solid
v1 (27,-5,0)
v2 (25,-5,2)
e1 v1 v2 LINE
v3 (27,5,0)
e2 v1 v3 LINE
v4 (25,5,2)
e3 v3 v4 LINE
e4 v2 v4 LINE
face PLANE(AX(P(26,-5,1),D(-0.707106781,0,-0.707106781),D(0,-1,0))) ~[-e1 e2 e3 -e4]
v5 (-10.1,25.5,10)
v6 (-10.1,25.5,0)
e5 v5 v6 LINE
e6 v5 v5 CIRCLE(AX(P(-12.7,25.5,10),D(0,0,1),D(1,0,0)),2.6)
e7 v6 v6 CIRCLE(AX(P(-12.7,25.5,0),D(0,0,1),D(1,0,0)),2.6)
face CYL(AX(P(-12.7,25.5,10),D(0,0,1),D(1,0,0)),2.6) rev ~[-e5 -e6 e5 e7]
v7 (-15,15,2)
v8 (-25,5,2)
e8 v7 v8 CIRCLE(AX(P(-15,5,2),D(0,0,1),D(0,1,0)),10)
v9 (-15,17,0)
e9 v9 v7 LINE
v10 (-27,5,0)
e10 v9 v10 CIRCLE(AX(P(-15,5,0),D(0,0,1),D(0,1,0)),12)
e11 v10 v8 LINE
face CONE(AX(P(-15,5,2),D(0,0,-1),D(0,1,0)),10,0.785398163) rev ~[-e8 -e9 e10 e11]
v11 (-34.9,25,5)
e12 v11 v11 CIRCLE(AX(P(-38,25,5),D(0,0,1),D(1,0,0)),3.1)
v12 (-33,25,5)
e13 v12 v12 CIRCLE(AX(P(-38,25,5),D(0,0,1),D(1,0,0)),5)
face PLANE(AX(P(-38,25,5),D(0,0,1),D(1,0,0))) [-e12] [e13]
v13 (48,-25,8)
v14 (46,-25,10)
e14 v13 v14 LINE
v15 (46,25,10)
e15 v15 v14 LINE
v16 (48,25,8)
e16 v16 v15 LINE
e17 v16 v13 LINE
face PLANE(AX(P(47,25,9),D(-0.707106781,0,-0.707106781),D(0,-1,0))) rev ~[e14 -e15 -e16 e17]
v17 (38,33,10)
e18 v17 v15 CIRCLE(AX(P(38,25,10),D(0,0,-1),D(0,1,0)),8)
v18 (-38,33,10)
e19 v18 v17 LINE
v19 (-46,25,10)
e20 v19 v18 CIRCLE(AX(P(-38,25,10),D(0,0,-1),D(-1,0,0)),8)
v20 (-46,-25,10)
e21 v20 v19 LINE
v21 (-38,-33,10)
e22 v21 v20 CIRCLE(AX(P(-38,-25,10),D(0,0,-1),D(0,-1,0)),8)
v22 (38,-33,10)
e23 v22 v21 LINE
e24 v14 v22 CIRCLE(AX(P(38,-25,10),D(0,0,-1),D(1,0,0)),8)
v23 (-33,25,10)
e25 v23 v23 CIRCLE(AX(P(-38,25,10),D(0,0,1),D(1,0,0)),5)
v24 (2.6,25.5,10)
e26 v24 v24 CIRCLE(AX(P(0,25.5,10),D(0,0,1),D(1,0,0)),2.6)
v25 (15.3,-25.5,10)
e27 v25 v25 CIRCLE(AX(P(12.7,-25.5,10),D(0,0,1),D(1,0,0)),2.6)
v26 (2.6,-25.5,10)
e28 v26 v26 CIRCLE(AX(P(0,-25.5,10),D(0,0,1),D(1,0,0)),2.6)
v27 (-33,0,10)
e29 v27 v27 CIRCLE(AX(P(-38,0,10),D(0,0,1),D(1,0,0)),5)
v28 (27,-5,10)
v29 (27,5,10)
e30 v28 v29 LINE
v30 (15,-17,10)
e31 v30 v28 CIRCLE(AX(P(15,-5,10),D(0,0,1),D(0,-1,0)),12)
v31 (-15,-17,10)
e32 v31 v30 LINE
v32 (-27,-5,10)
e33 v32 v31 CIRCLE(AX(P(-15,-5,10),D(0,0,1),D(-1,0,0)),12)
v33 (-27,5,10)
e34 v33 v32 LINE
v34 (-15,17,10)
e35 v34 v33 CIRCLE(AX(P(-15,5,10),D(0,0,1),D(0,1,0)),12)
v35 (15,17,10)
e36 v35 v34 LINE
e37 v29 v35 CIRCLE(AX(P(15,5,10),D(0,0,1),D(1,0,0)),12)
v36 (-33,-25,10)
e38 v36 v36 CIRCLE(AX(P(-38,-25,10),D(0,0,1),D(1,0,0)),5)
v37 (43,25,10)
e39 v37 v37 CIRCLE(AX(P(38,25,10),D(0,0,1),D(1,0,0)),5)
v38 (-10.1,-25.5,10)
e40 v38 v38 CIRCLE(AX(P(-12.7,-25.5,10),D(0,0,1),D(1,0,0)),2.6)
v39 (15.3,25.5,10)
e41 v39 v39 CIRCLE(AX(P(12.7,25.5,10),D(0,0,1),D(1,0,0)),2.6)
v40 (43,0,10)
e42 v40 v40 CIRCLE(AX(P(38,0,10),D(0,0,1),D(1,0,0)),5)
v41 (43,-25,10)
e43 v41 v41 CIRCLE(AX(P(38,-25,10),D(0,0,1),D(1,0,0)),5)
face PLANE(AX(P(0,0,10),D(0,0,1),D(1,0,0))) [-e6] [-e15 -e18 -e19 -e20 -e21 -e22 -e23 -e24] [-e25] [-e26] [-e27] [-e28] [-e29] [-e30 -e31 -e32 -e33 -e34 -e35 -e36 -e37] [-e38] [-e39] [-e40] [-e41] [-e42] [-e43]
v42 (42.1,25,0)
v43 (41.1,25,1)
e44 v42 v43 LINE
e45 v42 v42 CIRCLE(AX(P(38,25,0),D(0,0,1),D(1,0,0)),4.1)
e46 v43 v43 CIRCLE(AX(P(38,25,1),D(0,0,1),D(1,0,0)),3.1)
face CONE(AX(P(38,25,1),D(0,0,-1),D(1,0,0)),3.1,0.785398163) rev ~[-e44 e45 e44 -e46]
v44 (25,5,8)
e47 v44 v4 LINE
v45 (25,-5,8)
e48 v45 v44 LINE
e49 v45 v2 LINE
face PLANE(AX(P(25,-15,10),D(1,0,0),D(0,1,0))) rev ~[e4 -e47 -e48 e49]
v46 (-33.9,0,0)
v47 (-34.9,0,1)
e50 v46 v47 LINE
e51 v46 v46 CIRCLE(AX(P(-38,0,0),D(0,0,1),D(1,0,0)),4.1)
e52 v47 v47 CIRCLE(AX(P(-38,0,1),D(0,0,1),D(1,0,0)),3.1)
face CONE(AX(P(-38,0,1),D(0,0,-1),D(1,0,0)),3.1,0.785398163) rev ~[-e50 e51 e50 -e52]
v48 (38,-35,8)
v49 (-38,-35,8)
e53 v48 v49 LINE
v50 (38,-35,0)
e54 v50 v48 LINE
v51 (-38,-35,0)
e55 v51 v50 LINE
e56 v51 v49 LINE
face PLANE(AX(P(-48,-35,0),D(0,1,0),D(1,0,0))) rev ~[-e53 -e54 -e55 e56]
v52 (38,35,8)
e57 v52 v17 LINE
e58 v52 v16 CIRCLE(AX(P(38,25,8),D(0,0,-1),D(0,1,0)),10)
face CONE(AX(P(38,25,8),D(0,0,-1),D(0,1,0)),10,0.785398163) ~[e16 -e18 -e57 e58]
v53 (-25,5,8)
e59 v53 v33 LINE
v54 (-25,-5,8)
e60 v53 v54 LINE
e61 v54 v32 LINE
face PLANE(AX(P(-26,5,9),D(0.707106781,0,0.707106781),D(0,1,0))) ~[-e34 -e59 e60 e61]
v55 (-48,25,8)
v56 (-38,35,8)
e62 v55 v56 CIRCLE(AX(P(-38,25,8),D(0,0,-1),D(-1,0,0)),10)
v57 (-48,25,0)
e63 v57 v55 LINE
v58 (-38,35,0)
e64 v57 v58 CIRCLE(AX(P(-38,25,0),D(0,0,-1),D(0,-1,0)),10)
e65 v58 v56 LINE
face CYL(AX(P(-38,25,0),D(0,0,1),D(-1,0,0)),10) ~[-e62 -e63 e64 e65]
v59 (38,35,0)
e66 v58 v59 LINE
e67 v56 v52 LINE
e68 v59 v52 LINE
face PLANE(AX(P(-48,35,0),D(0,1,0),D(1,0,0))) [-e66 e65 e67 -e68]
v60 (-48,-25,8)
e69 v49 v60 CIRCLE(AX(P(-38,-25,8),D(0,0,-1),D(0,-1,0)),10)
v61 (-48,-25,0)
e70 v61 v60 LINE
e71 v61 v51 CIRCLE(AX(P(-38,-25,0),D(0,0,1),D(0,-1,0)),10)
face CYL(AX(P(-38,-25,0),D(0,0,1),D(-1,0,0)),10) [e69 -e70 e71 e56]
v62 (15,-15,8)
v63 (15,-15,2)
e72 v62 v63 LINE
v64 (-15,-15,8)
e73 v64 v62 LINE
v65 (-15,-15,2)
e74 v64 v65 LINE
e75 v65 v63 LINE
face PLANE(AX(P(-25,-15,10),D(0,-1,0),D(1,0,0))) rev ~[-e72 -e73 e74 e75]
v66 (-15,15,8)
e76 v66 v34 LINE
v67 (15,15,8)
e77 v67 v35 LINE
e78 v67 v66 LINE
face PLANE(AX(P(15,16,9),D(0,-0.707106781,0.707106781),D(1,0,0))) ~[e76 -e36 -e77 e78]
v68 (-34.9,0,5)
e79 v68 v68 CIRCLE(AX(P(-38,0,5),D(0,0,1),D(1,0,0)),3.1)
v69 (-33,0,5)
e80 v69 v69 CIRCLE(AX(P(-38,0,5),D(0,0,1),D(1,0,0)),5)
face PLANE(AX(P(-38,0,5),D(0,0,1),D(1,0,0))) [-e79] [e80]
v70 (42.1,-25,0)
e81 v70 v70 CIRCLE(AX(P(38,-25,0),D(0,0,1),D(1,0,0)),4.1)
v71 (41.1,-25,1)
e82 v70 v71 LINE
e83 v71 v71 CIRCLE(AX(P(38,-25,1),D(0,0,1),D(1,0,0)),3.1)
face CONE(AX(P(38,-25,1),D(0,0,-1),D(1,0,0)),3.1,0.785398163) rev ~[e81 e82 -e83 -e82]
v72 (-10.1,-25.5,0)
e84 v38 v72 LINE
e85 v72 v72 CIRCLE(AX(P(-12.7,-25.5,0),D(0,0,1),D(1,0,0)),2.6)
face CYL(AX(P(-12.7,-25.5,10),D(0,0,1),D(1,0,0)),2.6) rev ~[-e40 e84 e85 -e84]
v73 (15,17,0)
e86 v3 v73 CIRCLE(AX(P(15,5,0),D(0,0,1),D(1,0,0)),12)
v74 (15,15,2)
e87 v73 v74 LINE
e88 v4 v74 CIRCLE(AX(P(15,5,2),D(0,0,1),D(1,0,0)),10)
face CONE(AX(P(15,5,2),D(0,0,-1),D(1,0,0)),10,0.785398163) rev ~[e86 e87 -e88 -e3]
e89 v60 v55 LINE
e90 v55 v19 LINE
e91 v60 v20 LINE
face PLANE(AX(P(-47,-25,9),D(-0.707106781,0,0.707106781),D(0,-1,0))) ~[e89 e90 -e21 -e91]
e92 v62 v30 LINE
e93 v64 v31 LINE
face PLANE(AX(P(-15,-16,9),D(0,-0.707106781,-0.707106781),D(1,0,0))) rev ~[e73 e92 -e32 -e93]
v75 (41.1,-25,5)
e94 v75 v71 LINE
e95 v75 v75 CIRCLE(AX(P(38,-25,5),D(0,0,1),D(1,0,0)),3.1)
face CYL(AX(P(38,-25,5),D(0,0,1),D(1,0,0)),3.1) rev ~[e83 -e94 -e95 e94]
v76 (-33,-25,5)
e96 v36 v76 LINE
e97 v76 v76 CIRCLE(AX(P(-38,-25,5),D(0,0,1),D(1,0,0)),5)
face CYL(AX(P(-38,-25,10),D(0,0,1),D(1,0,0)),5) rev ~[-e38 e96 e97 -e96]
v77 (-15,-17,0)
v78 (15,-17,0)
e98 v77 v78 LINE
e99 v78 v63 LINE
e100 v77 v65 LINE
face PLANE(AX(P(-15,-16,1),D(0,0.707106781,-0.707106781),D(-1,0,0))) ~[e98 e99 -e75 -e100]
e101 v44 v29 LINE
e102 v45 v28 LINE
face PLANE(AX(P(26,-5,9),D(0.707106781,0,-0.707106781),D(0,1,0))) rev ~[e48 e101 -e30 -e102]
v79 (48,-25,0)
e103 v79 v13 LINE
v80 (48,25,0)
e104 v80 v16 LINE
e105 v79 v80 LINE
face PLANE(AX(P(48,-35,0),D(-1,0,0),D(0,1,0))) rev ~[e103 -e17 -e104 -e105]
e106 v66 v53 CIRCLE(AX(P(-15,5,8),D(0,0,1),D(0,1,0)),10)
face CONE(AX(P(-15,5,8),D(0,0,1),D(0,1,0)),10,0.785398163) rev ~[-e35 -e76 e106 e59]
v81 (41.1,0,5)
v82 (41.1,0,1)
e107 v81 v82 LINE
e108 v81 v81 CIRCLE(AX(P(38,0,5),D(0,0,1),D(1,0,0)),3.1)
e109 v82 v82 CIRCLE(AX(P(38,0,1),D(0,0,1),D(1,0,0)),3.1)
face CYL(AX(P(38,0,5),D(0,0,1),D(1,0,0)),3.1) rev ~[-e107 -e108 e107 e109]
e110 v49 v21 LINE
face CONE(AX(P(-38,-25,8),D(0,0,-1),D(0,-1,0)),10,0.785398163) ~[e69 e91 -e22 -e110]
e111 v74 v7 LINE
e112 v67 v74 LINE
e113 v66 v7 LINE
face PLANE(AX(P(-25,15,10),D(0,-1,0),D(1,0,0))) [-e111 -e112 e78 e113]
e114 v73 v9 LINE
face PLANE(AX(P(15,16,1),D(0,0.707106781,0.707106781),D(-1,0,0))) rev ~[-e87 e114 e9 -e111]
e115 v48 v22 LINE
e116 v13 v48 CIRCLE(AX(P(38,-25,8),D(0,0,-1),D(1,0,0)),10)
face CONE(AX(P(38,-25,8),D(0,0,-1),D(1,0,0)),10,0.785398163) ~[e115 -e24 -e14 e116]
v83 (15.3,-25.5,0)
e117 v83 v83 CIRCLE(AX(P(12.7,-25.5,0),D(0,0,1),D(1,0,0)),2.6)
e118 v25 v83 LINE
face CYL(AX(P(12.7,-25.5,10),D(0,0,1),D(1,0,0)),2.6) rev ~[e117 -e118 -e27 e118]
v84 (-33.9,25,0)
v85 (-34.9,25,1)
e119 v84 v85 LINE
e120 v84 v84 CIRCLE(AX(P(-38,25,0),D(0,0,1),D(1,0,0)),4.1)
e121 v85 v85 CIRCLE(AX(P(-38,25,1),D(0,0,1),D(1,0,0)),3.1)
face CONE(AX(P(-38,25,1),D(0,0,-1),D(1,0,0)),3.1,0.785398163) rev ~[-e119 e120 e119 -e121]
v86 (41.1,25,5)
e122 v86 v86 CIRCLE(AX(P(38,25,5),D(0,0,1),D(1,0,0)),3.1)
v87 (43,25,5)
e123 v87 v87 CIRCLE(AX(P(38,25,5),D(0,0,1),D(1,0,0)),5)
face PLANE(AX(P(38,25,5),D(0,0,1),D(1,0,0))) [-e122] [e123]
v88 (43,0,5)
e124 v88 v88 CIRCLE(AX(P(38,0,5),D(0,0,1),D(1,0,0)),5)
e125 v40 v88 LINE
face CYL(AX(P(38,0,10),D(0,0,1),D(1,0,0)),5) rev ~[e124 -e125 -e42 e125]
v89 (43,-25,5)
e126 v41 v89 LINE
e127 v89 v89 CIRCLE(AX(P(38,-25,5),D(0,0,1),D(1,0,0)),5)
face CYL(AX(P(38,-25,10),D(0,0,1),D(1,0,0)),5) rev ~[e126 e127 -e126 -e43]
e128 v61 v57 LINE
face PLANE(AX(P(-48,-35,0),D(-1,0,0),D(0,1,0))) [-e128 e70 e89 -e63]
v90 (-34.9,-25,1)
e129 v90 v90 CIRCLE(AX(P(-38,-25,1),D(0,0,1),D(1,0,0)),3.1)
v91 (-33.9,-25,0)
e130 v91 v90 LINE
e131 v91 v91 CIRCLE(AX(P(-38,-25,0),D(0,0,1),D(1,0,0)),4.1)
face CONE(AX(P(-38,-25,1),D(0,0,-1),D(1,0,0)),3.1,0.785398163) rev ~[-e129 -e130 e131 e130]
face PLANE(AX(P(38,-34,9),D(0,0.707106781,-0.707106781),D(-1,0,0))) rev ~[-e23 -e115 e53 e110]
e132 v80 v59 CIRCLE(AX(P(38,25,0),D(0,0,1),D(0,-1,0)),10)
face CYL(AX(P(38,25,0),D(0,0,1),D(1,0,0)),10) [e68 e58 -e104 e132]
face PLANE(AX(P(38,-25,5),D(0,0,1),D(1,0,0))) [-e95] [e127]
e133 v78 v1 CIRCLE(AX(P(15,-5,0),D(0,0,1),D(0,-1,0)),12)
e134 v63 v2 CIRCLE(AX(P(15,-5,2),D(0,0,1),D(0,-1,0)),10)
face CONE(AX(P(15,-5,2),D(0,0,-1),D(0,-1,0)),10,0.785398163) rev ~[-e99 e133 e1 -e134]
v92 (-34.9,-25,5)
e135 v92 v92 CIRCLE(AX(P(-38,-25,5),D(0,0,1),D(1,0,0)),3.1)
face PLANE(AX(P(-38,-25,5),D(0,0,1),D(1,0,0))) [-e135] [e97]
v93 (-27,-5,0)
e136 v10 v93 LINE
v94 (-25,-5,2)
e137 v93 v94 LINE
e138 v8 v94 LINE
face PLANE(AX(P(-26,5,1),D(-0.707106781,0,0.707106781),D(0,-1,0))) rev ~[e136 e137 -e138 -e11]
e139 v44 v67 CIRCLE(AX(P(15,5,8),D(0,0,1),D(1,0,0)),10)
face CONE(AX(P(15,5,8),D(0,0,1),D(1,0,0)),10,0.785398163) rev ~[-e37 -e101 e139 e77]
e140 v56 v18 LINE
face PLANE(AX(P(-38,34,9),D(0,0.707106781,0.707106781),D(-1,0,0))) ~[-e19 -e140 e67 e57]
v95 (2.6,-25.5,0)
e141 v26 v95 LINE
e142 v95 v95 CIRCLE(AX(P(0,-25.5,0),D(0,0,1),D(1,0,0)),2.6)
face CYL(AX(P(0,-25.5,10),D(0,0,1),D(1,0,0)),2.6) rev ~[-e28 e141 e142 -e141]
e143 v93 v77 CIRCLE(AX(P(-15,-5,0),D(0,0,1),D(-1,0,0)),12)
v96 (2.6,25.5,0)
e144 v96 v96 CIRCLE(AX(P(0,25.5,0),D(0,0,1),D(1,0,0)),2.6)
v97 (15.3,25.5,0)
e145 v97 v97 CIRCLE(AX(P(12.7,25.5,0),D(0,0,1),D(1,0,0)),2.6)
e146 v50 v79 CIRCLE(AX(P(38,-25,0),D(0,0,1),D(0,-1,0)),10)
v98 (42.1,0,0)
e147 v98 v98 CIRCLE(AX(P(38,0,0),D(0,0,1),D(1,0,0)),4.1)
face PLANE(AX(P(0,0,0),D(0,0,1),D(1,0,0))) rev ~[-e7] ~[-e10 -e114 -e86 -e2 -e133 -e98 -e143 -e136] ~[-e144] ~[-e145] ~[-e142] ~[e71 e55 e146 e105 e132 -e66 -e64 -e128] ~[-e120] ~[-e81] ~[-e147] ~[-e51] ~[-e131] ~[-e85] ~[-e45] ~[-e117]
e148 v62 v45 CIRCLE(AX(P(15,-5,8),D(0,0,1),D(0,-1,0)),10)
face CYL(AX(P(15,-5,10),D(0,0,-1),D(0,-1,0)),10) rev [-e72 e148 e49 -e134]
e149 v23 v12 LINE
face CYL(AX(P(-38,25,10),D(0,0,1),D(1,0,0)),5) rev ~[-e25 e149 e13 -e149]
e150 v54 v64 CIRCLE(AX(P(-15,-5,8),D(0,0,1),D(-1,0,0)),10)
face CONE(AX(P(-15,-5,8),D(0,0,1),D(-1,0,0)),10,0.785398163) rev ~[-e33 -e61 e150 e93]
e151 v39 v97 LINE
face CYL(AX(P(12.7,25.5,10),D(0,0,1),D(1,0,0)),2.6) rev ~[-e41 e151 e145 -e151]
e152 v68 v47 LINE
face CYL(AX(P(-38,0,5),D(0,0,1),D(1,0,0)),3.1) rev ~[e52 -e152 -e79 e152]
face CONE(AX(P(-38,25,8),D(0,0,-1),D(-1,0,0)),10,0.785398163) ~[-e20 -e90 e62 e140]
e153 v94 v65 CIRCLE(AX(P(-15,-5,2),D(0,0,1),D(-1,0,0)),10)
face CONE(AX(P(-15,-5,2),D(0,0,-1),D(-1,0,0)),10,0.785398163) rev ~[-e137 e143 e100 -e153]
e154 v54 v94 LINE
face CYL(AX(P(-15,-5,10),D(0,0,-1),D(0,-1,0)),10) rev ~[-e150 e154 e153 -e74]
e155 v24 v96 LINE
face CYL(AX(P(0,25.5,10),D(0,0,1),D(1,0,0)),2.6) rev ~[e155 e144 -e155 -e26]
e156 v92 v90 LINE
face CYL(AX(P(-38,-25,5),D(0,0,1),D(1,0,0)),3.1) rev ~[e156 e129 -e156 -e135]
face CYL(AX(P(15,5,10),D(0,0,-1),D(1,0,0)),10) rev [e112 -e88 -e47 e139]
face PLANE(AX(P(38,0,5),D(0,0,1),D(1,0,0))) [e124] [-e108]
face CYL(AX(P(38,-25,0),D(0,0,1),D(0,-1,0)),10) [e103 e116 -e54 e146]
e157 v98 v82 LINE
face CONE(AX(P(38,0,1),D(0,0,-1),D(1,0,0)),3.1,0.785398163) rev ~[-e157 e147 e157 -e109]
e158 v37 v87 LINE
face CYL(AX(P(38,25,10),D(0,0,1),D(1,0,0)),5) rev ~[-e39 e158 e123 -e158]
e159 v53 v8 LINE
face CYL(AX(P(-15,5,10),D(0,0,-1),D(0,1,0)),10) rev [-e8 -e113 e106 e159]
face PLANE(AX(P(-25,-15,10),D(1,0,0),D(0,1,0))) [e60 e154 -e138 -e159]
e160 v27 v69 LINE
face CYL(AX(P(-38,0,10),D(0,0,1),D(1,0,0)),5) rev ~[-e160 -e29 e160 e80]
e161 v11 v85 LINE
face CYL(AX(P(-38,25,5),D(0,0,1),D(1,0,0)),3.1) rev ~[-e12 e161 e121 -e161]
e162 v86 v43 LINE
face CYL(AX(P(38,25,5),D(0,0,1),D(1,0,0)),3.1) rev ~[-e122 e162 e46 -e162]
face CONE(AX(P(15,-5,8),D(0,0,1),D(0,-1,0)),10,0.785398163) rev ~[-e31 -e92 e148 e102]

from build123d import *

# Parameters (mm, degrees)
SKETCH_1_W          = 96
SKETCH_1_H          = 70
EXTRUDE_1_DEPTH     = 10
FILLET_1_R          = 10
SKETCH_2_R          = 2.6
CUT_EXTRUDE_1_DEPTH = 10
SKETCH_3_R          = 5
CUT_EXTRUDE_2_DEPTH = 5
SKETCH_4_R          = 3.1
CUT_EXTRUDE_3_DEPTH = 5
CHAMFER_1_SIZE      = 1
CHAMFER_2_SIZE      = 2
SKETCH_5_W          = 50
SKETCH_5_H          = 30
CUT_EXTRUDE_4_DEPTH = 10
FILLET_2_R          = 10
CHAMFER_3_SIZE      = 2


with BuildPart() as part:
    # 草图1 → 凸台-拉伸1 (new body)
    with BuildSketch(Plane.XY):
        Rectangle(SKETCH_1_W, SKETCH_1_H)
    extrude(amount=EXTRUDE_1_DEPTH)

    # 圆角1
    fillet_1_edges = [part.edges().sort_by_distance(p)[0] for p in [
        (48, -35, 5),
        (-48, -35, 5),
        (-48, 35, 5),
        (48, 35, 5),
    ]]
    fillet(fillet_1_edges, radius=FILLET_1_R)

    # 草图2 → 切除-拉伸1 (cut)
    with BuildSketch(Plane.XY.offset(10)):
        with Locations((0, 25.5)):
            Circle(SKETCH_2_R)
        with Locations((-12.7, 25.5)):
            Circle(SKETCH_2_R)
        with Locations((12.7, 25.5)):
            Circle(SKETCH_2_R)
        with Locations((-12.7, -25.5)):
            Circle(SKETCH_2_R)
        with Locations((0, -25.5)):
            Circle(SKETCH_2_R)
        with Locations((12.7, -25.5)):
            Circle(SKETCH_2_R)
    extrude(amount=-CUT_EXTRUDE_1_DEPTH, mode=Mode.SUBTRACT)

    # 草图3 → 切除-拉伸2 (cut)
    with BuildSketch(Plane.XY.offset(10)):
        with Locations((-38, 25)):
            Circle(SKETCH_3_R)
        with Locations((-38, 0)):
            Circle(SKETCH_3_R)
        with Locations((-38, -25)):
            Circle(SKETCH_3_R)
        with Locations((38, -25)):
            Circle(SKETCH_3_R)
        with Locations((38, 0)):
            Circle(SKETCH_3_R)
        with Locations((38, 25)):
            Circle(SKETCH_3_R)
    extrude(amount=-CUT_EXTRUDE_2_DEPTH, mode=Mode.SUBTRACT)

    # 草图4 → 切除-拉伸3 (cut)
    with BuildSketch(Plane.XY.offset(5)):
        with Locations((-38, 25)):
            Circle(SKETCH_4_R)
        with Locations((-38, 0)):
            Circle(SKETCH_4_R)
        with Locations((-38, -25)):
            Circle(SKETCH_4_R)
        with Locations((38, 25)):
            Circle(SKETCH_4_R)
        with Locations((38, 0)):
            Circle(SKETCH_4_R)
        with Locations((38, -25)):
            Circle(SKETCH_4_R)
    extrude(amount=-CUT_EXTRUDE_3_DEPTH, mode=Mode.SUBTRACT)

    # 倒角1
    chamfer_1_edges = [part.edges().sort_by_distance(p)[0] for p in [
        (34.9, 0, 0),
        (34.9, -25, 0),
        (-41.1, 25, 0),
        (-41.1, 0, 0),
        (-41.1, -25, 0),
        (34.9, 25, 0),
    ]]
    chamfer(chamfer_1_edges, length=CHAMFER_1_SIZE)

    # 倒角2
    chamfer_2_edges = [part.edges().sort_by_distance(p)[0] for p in [
        (0, 35, 10),
        (48, 0, 10),
        (-48, 0, 10),
        (0, -35, 10),
        (-45.071067812, -32.071067812, 10),
        (45.071067812, -32.071067812, 10),
        (-45.071067812, 32.071067812, 10),
        (45.071067812, 32.071067812, 10),
    ]]
    chamfer(chamfer_2_edges, length=CHAMFER_2_SIZE)

    # 草图5 → 切除-拉伸4 (cut)
    with BuildSketch(Plane.XY.offset(10)):
        Rectangle(SKETCH_5_W, SKETCH_5_H)
    extrude(amount=-CUT_EXTRUDE_4_DEPTH, mode=Mode.SUBTRACT)

    # 圆角2
    fillet_2_edges = [part.edges().sort_by_distance(p)[0] for p in [
        (25, 15, 5),
        (25, -15, 5),
        (-25, -15, 5),
        (-25, 15, 5),
    ]]
    fillet(fillet_2_edges, radius=FILLET_2_R)

    # 倒角3
    chamfer_3_edges = [part.edges().sort_by_distance(p)[0] for p in [
        (25, 0, 10),
        (25, 0, 0),
        (0, -15, 10),
        (0, -15, 0),
        (0, 15, 10),
        (0, 15, 0),
        (-25, 0, 10),
        (-25, 0, 0),
        (22.071067812, -12.071067812, 10),
        (22.071067812, -12.071067812, 0),
        (22.071067812, 12.071067812, 10),
        (22.071067812, 12.071067812, 0),
        (-22.071067812, -12.071067812, 10),
        (-22.071067812, -12.071067812, 0),
        (-22.071067812, 12.071067812, 10),
        (-22.071067812, 12.071067812, 0),
    ]]
    chamfer(chamfer_3_edges, length=CHAMFER_3_SIZE)


solid = part.part
